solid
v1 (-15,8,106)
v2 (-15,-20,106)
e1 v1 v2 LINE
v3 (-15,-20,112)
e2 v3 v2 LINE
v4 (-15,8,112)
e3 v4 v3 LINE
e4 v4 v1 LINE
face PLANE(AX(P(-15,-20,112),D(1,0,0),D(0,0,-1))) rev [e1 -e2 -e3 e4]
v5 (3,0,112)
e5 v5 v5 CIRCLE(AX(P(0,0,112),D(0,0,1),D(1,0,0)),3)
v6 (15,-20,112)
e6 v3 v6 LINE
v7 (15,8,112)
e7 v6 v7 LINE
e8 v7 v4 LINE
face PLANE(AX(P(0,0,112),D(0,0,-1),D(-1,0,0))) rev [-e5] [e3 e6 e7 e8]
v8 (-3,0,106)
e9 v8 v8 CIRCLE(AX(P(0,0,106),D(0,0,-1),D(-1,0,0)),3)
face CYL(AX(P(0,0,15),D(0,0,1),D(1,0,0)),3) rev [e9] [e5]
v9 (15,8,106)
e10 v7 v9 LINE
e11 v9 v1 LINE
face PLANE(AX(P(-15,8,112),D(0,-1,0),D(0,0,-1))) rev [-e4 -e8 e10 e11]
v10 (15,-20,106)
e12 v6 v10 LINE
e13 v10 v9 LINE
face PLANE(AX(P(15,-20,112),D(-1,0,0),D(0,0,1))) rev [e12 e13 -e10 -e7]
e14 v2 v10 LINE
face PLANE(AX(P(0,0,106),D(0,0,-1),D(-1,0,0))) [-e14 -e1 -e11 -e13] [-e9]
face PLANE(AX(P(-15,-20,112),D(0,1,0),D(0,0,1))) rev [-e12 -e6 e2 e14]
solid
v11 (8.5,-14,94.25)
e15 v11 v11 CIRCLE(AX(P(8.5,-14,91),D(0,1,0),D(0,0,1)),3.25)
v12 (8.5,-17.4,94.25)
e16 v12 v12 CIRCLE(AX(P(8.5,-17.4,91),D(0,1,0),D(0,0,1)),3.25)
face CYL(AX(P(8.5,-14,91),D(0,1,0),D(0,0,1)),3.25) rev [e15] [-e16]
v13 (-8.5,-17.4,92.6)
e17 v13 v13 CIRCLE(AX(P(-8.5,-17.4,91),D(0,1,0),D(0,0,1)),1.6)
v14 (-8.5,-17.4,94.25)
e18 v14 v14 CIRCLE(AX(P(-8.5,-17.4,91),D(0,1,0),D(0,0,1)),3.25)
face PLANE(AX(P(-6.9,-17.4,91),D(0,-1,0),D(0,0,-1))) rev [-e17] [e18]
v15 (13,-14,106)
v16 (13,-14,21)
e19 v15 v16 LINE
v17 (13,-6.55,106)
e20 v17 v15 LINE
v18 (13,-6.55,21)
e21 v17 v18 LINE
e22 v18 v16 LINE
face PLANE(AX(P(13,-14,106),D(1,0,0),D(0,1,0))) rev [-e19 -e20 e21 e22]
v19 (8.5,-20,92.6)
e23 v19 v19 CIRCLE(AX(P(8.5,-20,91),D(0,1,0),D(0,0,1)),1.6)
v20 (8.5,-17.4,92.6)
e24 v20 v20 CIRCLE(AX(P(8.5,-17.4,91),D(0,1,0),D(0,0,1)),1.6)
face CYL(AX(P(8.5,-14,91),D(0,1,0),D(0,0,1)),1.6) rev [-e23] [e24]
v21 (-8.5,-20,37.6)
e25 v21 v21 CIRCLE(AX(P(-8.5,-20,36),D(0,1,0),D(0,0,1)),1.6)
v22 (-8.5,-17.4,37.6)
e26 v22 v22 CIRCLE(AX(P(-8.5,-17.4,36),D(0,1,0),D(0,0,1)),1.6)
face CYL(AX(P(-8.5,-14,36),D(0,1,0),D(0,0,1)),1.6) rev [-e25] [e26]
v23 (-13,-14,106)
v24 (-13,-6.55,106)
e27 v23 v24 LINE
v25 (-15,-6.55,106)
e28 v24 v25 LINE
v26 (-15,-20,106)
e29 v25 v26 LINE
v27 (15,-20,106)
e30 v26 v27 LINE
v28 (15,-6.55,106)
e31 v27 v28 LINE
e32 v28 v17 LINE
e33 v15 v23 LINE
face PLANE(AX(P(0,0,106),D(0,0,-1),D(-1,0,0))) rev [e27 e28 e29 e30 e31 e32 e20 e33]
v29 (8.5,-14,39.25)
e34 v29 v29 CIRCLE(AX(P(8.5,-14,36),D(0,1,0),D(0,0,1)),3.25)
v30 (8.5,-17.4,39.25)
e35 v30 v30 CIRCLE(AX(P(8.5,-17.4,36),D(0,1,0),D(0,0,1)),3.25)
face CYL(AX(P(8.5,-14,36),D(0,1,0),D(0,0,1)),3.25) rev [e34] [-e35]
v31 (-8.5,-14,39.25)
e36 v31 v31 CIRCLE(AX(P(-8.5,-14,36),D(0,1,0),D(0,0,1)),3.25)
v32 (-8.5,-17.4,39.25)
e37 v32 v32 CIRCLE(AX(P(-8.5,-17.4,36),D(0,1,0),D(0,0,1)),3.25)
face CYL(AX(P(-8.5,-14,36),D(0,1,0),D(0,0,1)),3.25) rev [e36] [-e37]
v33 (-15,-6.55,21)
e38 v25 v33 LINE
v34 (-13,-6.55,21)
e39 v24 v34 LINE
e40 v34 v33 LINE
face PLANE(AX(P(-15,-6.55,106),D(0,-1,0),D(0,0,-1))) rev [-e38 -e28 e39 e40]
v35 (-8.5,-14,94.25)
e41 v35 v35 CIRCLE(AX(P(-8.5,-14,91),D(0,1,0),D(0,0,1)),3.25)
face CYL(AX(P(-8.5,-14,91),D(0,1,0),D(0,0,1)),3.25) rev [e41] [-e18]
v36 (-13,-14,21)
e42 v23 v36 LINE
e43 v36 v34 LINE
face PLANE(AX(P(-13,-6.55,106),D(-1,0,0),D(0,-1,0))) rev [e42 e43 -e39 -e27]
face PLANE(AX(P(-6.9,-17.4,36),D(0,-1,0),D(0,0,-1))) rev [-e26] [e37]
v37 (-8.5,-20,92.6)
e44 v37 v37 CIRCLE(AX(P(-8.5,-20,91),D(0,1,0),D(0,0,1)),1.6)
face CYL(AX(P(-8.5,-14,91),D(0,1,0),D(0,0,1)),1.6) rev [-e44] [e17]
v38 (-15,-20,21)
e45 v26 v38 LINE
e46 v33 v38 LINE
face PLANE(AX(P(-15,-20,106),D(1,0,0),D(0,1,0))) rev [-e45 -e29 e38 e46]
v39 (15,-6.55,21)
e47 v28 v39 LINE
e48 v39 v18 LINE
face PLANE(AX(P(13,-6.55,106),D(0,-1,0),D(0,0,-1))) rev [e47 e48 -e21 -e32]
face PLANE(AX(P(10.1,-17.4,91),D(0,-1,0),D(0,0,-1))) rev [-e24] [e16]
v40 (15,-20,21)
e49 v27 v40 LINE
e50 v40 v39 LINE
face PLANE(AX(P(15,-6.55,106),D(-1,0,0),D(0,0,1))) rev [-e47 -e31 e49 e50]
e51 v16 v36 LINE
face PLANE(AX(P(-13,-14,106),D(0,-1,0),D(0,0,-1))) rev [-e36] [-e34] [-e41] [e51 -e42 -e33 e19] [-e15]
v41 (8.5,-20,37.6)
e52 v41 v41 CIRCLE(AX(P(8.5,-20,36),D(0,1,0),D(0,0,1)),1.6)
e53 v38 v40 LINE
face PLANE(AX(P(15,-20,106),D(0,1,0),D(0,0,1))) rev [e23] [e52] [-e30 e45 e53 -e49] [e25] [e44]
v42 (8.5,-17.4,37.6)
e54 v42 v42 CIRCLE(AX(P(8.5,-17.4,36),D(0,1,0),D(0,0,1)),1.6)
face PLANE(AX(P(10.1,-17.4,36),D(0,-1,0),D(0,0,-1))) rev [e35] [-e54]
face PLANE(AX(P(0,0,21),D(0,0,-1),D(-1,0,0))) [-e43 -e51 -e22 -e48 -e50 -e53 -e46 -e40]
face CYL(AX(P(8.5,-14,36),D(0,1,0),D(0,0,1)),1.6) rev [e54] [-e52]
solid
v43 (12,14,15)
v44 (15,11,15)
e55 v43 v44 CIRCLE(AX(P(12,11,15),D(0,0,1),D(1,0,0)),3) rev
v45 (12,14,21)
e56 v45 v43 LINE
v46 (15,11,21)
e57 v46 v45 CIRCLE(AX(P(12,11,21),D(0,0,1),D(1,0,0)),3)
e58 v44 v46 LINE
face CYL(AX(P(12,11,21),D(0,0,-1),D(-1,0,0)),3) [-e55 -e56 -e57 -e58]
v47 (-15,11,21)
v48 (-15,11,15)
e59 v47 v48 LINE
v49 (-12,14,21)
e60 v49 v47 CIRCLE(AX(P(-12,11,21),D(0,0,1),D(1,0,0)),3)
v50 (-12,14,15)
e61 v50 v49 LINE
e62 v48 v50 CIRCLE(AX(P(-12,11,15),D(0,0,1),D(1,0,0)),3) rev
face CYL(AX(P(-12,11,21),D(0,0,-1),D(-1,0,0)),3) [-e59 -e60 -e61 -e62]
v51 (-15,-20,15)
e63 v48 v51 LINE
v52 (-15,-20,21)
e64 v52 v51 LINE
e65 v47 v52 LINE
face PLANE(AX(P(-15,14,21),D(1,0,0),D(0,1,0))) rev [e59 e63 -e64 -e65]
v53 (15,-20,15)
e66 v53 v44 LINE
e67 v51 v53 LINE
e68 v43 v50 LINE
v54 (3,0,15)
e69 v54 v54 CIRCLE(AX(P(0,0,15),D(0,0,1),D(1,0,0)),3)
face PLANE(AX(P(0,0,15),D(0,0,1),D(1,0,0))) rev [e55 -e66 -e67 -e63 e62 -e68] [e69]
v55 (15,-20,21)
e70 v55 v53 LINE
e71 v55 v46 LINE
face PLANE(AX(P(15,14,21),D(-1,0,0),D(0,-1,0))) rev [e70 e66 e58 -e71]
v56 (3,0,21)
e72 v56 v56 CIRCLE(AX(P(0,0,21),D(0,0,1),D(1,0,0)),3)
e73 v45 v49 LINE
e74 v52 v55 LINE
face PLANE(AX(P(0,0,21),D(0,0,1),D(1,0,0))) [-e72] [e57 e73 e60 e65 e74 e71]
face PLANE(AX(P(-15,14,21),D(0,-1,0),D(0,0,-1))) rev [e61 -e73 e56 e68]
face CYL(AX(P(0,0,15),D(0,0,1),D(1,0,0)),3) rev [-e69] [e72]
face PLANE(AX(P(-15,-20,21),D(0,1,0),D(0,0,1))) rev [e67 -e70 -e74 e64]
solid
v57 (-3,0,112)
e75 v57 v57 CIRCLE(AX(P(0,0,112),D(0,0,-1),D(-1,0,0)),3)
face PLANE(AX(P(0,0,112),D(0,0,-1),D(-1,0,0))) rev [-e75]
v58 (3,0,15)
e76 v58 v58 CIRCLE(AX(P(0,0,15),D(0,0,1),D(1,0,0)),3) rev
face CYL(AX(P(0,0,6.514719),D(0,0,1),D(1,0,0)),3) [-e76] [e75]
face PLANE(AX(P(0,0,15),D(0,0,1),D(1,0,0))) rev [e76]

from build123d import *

# Parameters (mm, degrees)
SKETCH1_W                                    = 30
SKETCH1_H                                    = 34
BOSS_EXTRUDE1_DEPTH                          = 6
BOSS_EXTRUDE2_DEPTH                          = 85
SKETCH3_W                                    = 30
SKETCH3_H                                    = 28
BOSS_EXTRUDE3_DEPTH                          = 6
FILLET1_R                                    = 3
SKETCH4_R                                    = 3
CUT_EXTRUDE1_DEPTH                           = 92
CUT_EXTRUDE1_DEPTH_BACK                      = 7
BOSS_EXTRUDE4_START                          = -6
SKETCH4_2_R                                  = 3
BOSS_EXTRUDE4_DEPTH                          = 97
CBORE_FOR_M3_HEX_SOCKET_HEAD_CAP_SCR_2_COUNT = 2
CBORE_FOR_M3_HEX_SOCKET_HEAD_CAP_SCR_2_PITCH = 17
CBORE_FOR_M3_HEX_SOCKET_HEAD_CAP_SCR_3_COUNT = 2
CBORE_FOR_M3_HEX_SOCKET_HEAD_CAP_SCR_3_PITCH = 57.567351858
CBORE_FOR_M3_HEX_SOCKET_HEAD_CAP_SCR_4_COUNT = 2
CBORE_FOR_M3_HEX_SOCKET_HEAD_CAP_SCR_4_PITCH = 55


with BuildPart() as part:
    # Sketch1 → Boss-Extrude1 (new body)
    with BuildSketch(Plane.XY.offset(15)):
        with Locations((0, -3)):
            Rectangle(SKETCH1_W, SKETCH1_H)
    extrude(amount=BOSS_EXTRUDE1_DEPTH)

    # Fillet1
    fillet1_edges = [part.edges().sort_by_distance(p)[0] for p in [
        (-15, 14, 18),
        (15, 14, 18),
    ]]
    fillet(fillet1_edges, radius=FILLET1_R)


with BuildPart() as body_2:
    # Sketch2 → Boss-Extrude2 (new body)
    with BuildSketch(Plane.XY.offset(21)):
        Polygon((-15, -6.55), (-13, -6.55), (-13, -14), (13, -14), (13, -6.55), (15, -6.55), (15, -20), (-15, -20), align=None)
    extrude(amount=BOSS_EXTRUDE2_DEPTH)

    # Sketch7 → CBORE for M3 Hex Socket Head Cap Screw1 (revolve, cut)
    with BuildSketch(Plane(origin=(-8.5, -14, 36), x_dir=(0, 0, 1), z_dir=(1, 0, 0))):
        Polygon((0, 0), (0, 6), (1.6, 6), (1.6, 3.4), (3.25, 3.4), (3.25, 0), align=None)
    cbore_for_m3_hex_socket_head_cap_screw1 = revolve(axis=Axis((-8.5, -7.65, 36), (0, -1, 0)), mode=Mode.SUBTRACT)

    # CBORE for M3 Hex Socket Head Cap Scr 2: CBORE for M3 Hex Socket Head Cap Screw1 ×2
    with Locations(*[(i * CBORE_FOR_M3_HEX_SOCKET_HEAD_CAP_SCR_2_PITCH, 0, 0) for i in range(1, CBORE_FOR_M3_HEX_SOCKET_HEAD_CAP_SCR_2_COUNT)]):
        add(cbore_for_m3_hex_socket_head_cap_screw1, mode=Mode.SUBTRACT)

    # CBORE for M3 Hex Socket Head Cap Scr 3: CBORE for M3 Hex Socket Head Cap Screw1 ×2
    with Locations(*[Vector(0.295306271, 0, 0.955402641) * (i * CBORE_FOR_M3_HEX_SOCKET_HEAD_CAP_SCR_3_PITCH) for i in range(1, CBORE_FOR_M3_HEX_SOCKET_HEAD_CAP_SCR_3_COUNT)]):
        add(cbore_for_m3_hex_socket_head_cap_screw1, mode=Mode.SUBTRACT)

    # CBORE for M3 Hex Socket Head Cap Scr 4: CBORE for M3 Hex Socket Head Cap Screw1 ×2
    with Locations(*[(0, 0, i * CBORE_FOR_M3_HEX_SOCKET_HEAD_CAP_SCR_4_PITCH) for i in range(1, CBORE_FOR_M3_HEX_SOCKET_HEAD_CAP_SCR_4_COUNT)]):
        add(cbore_for_m3_hex_socket_head_cap_screw1, mode=Mode.SUBTRACT)


with BuildPart() as body_3:
    # Sketch3 → Boss-Extrude3 (new body)
    with BuildSketch(Plane.XY.offset(106)):
        with Locations((0, -6)):
            Rectangle(SKETCH3_W, SKETCH3_H)
    extrude(amount=BOSS_EXTRUDE3_DEPTH)


with BuildPart() as cut_extrude1_tool:
    # Sketch4 → Cut-Extrude1 (new body, two sides)
    with BuildSketch(Plane.XY.offset(21)) as cut_extrude1_sk:
        Circle(SKETCH4_R)
    extrude(amount=CUT_EXTRUDE1_DEPTH)
    extrude(cut_extrude1_sk.sketch, amount=-CUT_EXTRUDE1_DEPTH_BACK)


with BuildPart() as part_1:
    add(part.part)

    # Cut-Extrude1: cut by cut_extrude1_tool
    add(cut_extrude1_tool.part, mode=Mode.SUBTRACT)


with BuildPart() as body_3_1:
    add(body_3.part)

    # Cut-Extrude1: cut by cut_extrude1_tool
    add(cut_extrude1_tool.part, mode=Mode.SUBTRACT)


with BuildPart() as body_4:
    # Sketch4<2> → Boss-Extrude4 (new body)
    with BuildSketch(Plane.XY.offset(21).offset(BOSS_EXTRUDE4_START)):
        Circle(SKETCH4_2_R)
    extrude(amount=BOSS_EXTRUDE4_DEPTH)


solid = Compound([body_2.part, part_1.part, body_3_1.part, body_4.part])
